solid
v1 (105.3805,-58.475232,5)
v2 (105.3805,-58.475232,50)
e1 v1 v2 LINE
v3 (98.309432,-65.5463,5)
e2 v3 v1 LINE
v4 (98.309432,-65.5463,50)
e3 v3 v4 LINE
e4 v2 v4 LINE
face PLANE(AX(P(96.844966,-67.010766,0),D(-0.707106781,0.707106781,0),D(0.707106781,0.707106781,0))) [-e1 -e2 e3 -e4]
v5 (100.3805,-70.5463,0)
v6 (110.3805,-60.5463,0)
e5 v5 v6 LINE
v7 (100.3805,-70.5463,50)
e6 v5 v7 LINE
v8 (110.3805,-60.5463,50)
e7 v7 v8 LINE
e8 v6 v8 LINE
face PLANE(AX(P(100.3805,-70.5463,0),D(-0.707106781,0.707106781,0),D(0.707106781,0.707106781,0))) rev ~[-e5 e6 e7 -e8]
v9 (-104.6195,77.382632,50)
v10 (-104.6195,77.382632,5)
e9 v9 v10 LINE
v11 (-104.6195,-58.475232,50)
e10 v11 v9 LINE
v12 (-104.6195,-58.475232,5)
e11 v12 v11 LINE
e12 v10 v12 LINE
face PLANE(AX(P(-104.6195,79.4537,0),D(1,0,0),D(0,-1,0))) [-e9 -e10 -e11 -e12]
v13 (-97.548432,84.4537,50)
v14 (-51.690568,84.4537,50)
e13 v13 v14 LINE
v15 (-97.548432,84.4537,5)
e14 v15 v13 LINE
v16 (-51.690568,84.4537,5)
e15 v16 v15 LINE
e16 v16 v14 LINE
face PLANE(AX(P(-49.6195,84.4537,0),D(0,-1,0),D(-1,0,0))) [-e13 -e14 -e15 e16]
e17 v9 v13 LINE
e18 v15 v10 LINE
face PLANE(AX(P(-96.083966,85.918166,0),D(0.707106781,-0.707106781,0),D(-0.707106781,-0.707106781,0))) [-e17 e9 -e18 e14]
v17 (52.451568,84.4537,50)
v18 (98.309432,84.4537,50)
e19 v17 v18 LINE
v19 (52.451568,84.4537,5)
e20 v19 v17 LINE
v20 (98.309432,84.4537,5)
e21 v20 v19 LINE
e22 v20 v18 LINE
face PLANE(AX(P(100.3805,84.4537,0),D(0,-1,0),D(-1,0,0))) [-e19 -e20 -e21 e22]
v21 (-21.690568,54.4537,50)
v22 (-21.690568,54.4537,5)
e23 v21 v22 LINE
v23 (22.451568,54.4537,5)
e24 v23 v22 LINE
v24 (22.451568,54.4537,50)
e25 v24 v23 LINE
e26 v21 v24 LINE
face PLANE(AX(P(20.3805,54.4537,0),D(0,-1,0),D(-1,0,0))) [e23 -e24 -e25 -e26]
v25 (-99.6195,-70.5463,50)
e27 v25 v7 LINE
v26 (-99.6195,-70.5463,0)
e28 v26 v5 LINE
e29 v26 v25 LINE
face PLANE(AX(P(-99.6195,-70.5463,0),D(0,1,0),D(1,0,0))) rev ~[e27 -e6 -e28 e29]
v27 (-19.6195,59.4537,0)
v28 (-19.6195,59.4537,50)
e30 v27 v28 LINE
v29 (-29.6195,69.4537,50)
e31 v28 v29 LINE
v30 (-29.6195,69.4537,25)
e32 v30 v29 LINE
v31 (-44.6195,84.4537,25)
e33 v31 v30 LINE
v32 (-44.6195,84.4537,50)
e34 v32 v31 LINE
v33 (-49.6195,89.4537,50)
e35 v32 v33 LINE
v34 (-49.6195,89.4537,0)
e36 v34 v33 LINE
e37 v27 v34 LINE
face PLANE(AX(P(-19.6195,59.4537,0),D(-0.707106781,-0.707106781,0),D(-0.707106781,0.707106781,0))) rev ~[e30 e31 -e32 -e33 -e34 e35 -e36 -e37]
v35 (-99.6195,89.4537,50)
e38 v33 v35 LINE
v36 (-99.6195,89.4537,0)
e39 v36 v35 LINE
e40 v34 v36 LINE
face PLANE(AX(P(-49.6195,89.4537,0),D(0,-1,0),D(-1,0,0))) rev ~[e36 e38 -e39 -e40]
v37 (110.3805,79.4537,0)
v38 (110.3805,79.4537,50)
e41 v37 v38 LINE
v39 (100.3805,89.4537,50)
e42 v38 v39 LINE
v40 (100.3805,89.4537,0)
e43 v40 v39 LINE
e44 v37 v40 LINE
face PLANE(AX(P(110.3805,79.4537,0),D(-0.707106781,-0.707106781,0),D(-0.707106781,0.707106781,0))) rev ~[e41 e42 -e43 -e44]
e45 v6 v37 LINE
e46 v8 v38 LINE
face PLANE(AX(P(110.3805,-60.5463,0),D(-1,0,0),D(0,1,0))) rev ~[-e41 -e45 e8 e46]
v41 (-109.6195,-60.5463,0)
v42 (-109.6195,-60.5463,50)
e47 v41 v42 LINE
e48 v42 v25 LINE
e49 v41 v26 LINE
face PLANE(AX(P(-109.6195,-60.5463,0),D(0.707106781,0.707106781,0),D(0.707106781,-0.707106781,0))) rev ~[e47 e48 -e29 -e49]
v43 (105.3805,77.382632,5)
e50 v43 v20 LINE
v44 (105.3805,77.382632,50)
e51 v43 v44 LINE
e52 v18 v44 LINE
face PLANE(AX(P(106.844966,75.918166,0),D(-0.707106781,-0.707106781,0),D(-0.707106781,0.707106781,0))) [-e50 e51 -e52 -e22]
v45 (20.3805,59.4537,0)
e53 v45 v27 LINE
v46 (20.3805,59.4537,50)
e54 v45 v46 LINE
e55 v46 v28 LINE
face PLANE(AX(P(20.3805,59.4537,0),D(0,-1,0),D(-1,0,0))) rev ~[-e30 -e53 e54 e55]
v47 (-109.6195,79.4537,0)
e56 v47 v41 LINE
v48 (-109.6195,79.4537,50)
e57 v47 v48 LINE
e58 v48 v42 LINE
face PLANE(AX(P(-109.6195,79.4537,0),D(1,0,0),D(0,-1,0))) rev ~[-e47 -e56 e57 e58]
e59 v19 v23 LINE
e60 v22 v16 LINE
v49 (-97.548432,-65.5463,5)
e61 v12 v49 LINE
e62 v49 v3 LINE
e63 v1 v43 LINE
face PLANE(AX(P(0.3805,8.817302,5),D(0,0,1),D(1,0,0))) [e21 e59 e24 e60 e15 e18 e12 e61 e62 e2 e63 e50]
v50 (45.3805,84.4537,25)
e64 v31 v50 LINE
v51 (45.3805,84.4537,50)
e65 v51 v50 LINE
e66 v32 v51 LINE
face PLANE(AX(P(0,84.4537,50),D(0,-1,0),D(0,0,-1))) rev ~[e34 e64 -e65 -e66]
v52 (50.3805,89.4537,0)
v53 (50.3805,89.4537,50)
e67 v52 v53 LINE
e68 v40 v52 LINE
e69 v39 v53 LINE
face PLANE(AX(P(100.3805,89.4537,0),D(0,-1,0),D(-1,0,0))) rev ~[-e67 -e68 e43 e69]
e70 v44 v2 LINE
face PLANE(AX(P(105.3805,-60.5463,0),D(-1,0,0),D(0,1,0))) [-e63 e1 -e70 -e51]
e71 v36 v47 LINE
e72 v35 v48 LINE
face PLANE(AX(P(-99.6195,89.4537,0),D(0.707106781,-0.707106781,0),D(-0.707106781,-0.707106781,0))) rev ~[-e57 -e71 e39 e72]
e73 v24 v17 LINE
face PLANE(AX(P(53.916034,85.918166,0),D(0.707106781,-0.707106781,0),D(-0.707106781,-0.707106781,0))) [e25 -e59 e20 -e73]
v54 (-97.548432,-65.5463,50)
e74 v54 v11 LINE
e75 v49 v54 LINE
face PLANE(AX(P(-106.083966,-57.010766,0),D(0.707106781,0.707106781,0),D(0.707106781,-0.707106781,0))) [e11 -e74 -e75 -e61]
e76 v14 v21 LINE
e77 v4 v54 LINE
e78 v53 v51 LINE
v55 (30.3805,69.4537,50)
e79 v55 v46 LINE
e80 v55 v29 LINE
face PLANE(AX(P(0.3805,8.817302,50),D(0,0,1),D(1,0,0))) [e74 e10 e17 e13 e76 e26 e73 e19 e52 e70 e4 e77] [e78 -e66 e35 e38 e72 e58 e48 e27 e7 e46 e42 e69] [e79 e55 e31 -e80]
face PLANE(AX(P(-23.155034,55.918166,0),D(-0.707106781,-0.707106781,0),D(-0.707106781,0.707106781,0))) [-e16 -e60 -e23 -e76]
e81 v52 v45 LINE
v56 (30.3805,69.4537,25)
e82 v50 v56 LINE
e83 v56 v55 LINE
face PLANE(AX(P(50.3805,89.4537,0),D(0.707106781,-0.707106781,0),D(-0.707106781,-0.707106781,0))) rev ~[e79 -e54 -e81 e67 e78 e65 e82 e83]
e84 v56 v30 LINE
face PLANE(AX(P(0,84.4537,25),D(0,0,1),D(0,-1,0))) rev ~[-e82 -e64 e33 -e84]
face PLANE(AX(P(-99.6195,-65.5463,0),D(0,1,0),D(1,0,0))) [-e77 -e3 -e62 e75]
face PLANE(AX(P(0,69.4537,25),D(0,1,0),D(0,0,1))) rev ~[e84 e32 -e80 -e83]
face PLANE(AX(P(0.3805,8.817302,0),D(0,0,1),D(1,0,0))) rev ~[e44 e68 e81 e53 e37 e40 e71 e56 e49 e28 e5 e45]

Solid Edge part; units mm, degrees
sketch "Sketch1" plane through (0, 0, 0) normal (0, 0, 1) x (1, 0, 0)
  line L0 (-109.6195, 79.4537) -> (-109.6195, -60.5463)
  line L1 (-109.6195, -60.5463) -> (-99.6195, -70.5463)
  line L2 (-99.6195, -70.5463) -> (100.3805, -70.5463)
  line L3 (100.3805, -70.5463) -> (110.3805, -60.5463)
  line L4 (110.3805, -60.5463) -> (110.3805, 79.4537)
  line L5 (110.3805, 79.4537) -> (100.3805, 89.4537)
  line L6 (100.3805, 89.4537) -> (50.3805, 89.4537)
  line L7 (50.3805, 89.4537) -> (20.3805, 59.4537)
  line L8 (20.3805, 59.4537) -> (-19.6195, 59.4537)
  line L9 (-19.6195, 59.4537) -> (-49.6195, 89.4537)
  line L10 (-49.6195, 89.4537) -> (-99.6195, 89.4537)
  line L11 (-99.6195, 89.4537) -> (-109.6195, 79.4537)
  dimension "D1" = 220
  dimension "D2" = 160
  dimension "D3" = 10
  dimension "D4" = 100
  dimension "D5" = 30
extrude "Outside_ThinWallOptions" add sketch "Sketch1" along normal blind 50
shell "Inside" thickness 5 removed faces 1 at (-75.1528, -42.2796, 50)
sketch "Sketch2" plane through (0, 0, 0) normal (1, 0, 0) x (0, 1, 0)
  line L0 (84.4537, 25) -> (69.4537, 25)
  line L1 (69.4537, 25) -> (69.4537, 50)
  line L2 (69.4537, 50) -> (84.4537, 50)
  line L3 (84.4537, 50) -> (84.4537, 25)
  dimension "D1" = 25
  dimension "D2" = 15
  dimension "D3" = 10
  dimension "D4" = 25
extrude "Protrusion1" add sketch "Sketch2" against normal up to next and the other way up to next
